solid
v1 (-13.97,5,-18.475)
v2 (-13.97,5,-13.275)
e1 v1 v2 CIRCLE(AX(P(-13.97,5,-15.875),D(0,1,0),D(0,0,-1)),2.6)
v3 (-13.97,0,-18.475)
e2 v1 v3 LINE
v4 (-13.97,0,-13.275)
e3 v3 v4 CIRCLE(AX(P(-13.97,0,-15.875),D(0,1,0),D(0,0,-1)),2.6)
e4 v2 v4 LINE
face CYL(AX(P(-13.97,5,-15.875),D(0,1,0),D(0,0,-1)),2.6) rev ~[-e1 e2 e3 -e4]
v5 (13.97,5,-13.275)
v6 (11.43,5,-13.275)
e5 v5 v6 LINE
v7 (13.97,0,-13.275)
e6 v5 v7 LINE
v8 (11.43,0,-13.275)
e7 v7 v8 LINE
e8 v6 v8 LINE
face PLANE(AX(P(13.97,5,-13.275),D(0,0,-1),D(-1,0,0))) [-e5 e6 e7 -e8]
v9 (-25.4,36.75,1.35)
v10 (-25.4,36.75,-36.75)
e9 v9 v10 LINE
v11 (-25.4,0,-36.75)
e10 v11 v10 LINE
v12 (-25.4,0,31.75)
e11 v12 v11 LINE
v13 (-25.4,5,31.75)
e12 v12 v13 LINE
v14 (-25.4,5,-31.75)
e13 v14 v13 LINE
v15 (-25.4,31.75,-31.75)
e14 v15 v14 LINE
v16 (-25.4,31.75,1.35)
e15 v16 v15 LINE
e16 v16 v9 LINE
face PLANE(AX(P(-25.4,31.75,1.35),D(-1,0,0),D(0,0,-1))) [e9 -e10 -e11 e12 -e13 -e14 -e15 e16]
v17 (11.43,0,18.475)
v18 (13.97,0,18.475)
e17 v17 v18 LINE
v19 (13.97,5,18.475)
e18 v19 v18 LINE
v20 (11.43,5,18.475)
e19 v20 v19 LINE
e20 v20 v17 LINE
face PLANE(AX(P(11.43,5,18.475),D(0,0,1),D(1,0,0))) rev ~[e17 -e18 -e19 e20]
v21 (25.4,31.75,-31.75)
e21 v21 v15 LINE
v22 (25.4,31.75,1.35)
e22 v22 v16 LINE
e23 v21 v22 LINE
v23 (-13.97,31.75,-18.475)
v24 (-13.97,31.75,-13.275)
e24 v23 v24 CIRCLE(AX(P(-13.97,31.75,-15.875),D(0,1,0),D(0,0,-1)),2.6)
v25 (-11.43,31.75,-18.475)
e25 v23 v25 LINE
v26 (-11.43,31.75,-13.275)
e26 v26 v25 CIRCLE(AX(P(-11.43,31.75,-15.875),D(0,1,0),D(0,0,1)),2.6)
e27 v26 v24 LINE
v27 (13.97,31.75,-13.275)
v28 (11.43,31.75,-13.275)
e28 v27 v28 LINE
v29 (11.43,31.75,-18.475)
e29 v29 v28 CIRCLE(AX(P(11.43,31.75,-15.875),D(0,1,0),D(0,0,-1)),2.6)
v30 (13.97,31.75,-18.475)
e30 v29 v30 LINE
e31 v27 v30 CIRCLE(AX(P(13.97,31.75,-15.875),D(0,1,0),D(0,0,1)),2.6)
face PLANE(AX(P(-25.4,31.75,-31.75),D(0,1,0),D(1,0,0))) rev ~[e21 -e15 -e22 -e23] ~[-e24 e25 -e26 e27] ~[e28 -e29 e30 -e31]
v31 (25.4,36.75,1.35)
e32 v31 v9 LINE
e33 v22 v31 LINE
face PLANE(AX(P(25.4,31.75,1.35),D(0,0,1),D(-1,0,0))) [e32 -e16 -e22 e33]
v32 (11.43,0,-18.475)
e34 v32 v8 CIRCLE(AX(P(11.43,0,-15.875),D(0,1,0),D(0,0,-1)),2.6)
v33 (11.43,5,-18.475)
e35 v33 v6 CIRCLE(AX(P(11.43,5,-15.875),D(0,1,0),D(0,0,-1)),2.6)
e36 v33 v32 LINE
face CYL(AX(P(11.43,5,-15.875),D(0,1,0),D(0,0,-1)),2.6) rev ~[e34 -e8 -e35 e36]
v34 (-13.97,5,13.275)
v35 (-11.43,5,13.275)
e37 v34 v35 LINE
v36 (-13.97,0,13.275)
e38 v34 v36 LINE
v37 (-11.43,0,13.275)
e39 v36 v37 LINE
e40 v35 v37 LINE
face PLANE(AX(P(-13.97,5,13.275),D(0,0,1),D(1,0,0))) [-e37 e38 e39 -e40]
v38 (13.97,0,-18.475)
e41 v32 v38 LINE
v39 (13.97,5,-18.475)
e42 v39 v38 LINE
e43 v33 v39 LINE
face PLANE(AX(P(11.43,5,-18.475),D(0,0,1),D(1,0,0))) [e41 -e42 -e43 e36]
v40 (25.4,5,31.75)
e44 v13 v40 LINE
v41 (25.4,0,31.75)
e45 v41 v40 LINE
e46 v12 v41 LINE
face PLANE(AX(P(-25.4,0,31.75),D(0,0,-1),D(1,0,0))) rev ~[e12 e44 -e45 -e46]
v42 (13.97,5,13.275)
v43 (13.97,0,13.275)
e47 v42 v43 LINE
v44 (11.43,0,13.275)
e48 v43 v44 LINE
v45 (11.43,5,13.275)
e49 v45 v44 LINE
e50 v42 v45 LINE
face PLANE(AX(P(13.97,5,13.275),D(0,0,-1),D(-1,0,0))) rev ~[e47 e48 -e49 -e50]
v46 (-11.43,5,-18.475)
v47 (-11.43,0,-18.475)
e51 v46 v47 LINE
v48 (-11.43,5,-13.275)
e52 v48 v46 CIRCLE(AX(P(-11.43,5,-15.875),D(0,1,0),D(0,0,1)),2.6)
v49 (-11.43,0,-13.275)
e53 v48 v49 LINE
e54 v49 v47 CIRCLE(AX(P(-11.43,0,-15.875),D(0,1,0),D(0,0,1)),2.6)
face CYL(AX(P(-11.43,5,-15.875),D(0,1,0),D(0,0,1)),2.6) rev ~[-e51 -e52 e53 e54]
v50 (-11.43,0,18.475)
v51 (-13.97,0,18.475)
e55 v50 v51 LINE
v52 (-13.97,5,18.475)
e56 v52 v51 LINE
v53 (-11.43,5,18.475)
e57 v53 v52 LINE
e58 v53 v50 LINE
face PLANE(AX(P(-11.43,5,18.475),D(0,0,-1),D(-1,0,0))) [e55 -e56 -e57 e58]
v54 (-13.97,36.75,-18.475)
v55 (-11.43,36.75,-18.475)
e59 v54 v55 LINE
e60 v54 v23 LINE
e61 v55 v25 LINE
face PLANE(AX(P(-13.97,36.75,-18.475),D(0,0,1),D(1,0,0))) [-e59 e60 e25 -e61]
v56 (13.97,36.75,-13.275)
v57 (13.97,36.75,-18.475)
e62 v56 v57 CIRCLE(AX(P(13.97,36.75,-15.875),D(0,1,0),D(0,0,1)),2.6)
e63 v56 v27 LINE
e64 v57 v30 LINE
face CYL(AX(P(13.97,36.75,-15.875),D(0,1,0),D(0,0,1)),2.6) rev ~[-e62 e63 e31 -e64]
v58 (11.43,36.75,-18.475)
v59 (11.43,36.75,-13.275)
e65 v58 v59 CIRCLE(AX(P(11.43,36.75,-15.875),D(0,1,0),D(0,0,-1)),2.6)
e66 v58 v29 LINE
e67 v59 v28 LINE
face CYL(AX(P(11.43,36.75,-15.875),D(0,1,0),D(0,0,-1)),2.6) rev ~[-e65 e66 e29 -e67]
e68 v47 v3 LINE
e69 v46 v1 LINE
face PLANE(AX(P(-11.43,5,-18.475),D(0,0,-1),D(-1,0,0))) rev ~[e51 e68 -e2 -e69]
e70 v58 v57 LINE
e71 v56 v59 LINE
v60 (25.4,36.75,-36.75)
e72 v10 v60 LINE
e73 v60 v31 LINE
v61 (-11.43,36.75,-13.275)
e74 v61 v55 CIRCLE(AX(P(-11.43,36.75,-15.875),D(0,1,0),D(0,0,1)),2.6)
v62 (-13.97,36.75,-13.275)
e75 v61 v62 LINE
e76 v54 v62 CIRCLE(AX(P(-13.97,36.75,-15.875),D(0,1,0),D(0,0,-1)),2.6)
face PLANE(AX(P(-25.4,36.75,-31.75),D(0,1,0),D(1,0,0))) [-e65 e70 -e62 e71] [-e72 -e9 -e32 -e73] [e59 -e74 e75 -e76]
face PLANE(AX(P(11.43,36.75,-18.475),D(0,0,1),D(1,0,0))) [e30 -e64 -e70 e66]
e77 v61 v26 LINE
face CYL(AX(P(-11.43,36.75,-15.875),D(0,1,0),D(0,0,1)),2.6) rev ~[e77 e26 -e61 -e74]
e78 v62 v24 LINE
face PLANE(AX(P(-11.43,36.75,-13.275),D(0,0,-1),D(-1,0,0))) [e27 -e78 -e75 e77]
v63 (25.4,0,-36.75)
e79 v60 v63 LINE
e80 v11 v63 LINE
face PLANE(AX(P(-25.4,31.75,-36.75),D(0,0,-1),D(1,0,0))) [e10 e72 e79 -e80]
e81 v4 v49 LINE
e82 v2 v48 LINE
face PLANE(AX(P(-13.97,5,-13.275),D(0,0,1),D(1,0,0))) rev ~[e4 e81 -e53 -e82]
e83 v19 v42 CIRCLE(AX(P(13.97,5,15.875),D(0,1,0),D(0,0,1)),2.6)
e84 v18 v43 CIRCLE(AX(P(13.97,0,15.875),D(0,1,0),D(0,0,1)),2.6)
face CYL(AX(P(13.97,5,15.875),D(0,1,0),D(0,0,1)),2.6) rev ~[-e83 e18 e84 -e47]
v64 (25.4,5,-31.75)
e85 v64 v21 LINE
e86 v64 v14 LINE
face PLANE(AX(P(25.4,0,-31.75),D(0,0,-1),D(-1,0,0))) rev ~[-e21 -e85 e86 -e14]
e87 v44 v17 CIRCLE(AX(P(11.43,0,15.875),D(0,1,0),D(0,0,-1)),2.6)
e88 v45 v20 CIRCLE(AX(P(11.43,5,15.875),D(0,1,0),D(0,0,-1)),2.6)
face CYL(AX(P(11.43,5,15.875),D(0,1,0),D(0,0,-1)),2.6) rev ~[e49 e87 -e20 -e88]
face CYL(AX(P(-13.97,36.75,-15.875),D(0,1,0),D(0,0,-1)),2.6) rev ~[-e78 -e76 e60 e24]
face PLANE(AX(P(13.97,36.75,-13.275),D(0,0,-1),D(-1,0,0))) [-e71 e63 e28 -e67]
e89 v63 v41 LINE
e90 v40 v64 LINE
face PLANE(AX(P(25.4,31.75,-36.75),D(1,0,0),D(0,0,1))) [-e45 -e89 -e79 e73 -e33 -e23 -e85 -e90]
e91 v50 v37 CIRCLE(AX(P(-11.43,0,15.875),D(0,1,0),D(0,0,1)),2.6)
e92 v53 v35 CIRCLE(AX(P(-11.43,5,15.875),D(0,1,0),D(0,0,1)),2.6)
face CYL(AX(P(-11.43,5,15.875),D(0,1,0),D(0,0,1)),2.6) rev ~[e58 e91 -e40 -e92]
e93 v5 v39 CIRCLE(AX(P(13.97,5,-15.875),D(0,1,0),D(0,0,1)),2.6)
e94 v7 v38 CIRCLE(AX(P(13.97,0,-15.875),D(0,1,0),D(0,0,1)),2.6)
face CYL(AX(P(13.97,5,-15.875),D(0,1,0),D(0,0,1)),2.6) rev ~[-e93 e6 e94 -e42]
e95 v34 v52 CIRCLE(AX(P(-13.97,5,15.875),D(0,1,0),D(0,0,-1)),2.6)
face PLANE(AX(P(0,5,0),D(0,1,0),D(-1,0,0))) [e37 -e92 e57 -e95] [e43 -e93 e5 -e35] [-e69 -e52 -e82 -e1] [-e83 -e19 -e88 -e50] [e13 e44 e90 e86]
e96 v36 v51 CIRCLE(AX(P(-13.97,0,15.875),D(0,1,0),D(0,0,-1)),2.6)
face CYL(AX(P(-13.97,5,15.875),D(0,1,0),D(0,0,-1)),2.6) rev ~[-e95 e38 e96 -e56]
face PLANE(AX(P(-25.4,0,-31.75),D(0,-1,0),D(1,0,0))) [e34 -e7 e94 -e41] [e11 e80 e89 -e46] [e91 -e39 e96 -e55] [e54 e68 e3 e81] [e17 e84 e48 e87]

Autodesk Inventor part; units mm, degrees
ref_plane "YZ Plane" through (0, 0, 0) normal (1, 0, 0) x (0, 1, 0)
ref_plane "XZ Plane" through (0, 0, 0) normal (0, 1, 0) x (-1, 0, 0)
ref_plane "XY Plane" through (0, 0, 0) normal (0, 0, 1) x (1, 0, 0)
sketch "Sketch1" plane through (0, 0, 0) normal (0, 1, 0) x (-1, 0, 0)
  line L0 (25.4, 31.75) -> (-25.4, 31.75)
  line L1 (-25.4, 31.75) -> (-25.4, -31.75)
  line L2 (-25.4, -31.75) -> (25.4, -31.75)
  line L3 (25.4, -31.75) -> (25.4, 31.75)
  line L4 (25.4, 31.75) -> (-25.4, -31.75) construction
  line L5 (-25.4, 31.75) -> (25.4, -31.75) construction
  point P0 (0, 0)
  dimension "d0" = 50.8
  dimension "d1" = 63.5
extrude "Extrusion1" add sketch "Sketch1" along normal blind 5
sketch "Sketch2" plane through (0, 5, 0) normal (0, 1, 0) x (1, 0, 0)
  line L0 (25.4, 31.75) -> (-25.4, 31.75) construction
  line L1 (-25.4, -31.75) -> (25.4, -31.75) construction
  line L2 (-25.4, 31.75) -> (-25.4, -31.75) construction
  line L3 (-25.4, 0) -> (25.4, 0) construction
  line L4 (25.4, -31.75) -> (25.4, 31.75) construction
  line L5 (0, 31.75) -> (0, 0) construction
  line L6 (0, 0) -> (0, -31.75) construction
  line L7 (0, 15.875) -> (-25.4, 15.875) construction
  line L8 (-13.97, 15.875) -> (-11.43, 15.875) construction
  line L9 (-13.97, 13.275) -> (-11.43, 13.275)
  line L10 (-11.43, 18.475) -> (-13.97, 18.475)
  arc A0 (-13.97, 18.475) -> (-13.97, 13.275) centre (-13.97, 15.875) ccw
  arc A1 (-11.43, 13.275) -> (-11.43, 18.475) centre (-11.43, 15.875) ccw
  line L11 (0, 15.875) -> (25.4, 15.875) construction
  line L12 (13.97, 13.275) -> (11.43, 13.275)
  line L13 (11.43, 18.475) -> (13.97, 18.475)
  arc A2 (13.97, 13.275) -> (13.97, 18.475) centre (13.97, 15.875) ccw
  arc A3 (11.43, 18.475) -> (11.43, 13.275) centre (11.43, 15.875) ccw
  line L14 (-13.97, -13.275) -> (-11.43, -13.275)
  line L15 (-11.43, -18.475) -> (-13.97, -18.475)
  arc A4 (-13.97, -13.275) -> (-13.97, -18.475) centre (-13.97, -15.875) ccw
  arc A5 (-11.43, -18.475) -> (-11.43, -13.275) centre (-11.43, -15.875) ccw
  arc A6 (11.43, -13.275) -> (11.43, -18.475) centre (11.43, -15.875) ccw
  line L16 (13.97, -13.275) -> (11.43, -13.275)
  line L17 (11.43, -18.475) -> (13.97, -18.475)
  arc A7 (13.97, -18.475) -> (13.97, -13.275) centre (13.97, -15.875) ccw
  point P0 (-12.7, 15.875)
  point P1 (-12.7, 13.275)
  point P2 (-12.7, 18.475)
  dimension "d4" = 11.43
  dimension "d5" = 13.97
  dimension "d6" = 5.2
extrude "Extrusion2" cut sketch "Sketch2" against normal blind 5
sketch "Sketch3" plane through (25.4, 0, -31.75) normal (0, 0, -1) x (-1, 0, 0)
  line L0 (0, 0) -> (50.8, 0) construction
  line L1 (50.8, 0) -> (0, 0)
  line L2 (0, 0) -> (0, 31.75)
  line L3 (0, 31.75) -> (50.8, 31.75)
  line L4 (50.8, 31.75) -> (50.8, 0)
  point P0 (25.4, 0)
  dimension "d9" = 31.75
extrude "Extrusion3" add sketch "Sketch3" along normal blind 5
sketch "Sketch4" plane through (-25.4, 31.75, -31.75) normal (0, 1, 0) x (1, 0, 0)
  line L0 (0, 5) -> (50.8, 5) construction
  line L1 (50.8, -63.5) -> (50.8, 0) construction
  line L2 (0, 5) -> (50.8, 5)
  line L3 (50.8, 5) -> (50.8, -33.1)
  line L4 (50.8, -33.1) -> (0, -33.1)
  line L5 (0, -33.1) -> (0, 5)
  point P0 (25.4, -31.75)
  dimension "d12" = 38.1
extrude "Extrusion4" add sketch "Sketch4" along normal blind 5
sketch "Sketch5" plane through (-25.4, 36.75, -31.75) normal (0, 1, 0) x (1, 0, 0)
  line L0 (39.37, -50.225) -> (36.83, -50.225) construction
  arc A0 (36.83, -45.025) -> (36.83, -50.225) centre (36.83, -47.625) ccw construction
  line L1 (36.83, -45.025) -> (39.37, -45.025) construction
  arc A1 (39.37, -50.225) -> (39.37, -45.025) centre (39.37, -47.625) ccw construction
  arc A2 (36.83, -13.275) -> (36.83, -18.475) centre (36.83, -15.875) ccw projected
  line L2 (36.83, -13.275) -> (39.37, -13.275) projected
  arc A3 (39.37, -18.475) -> (39.37, -13.275) centre (39.37, -15.875) ccw projected
  line L3 (39.37, -18.475) -> (36.83, -18.475) projected
  arc A4 (11.43, -45.025) -> (11.43, -50.225) centre (11.43, -47.625) ccw construction
  line L4 (11.43, -45.025) -> (13.97, -45.025) construction
  arc A5 (13.97, -50.225) -> (13.97, -45.025) centre (13.97, -47.625) ccw construction
  line L5 (13.97, -50.225) -> (11.43, -50.225) construction
  line L6 (11.43, -13.275) -> (13.97, -13.275) projected
  arc A6 (13.97, -18.475) -> (13.97, -13.275) centre (13.97, -15.875) ccw projected
  line L7 (13.97, -18.475) -> (11.43, -18.475) projected
  arc A7 (11.43, -13.275) -> (11.43, -18.475) centre (11.43, -15.875) ccw projected
  line L8 (50.8, -63.5) -> (50.8, 0) construction
  line L9 (50.8, 0) -> (0, 0) construction
  line L10 (0, 0) -> (0, -63.5) construction
  line L11 (0, -63.5) -> (50.8, -63.5) construction
  point P0 (25.4, -31.75)
extrude "Extrusion5" cut sketch "Sketch5" against normal blind 5
properties part number "hanging_bracket_t-slot-2inx1in"
